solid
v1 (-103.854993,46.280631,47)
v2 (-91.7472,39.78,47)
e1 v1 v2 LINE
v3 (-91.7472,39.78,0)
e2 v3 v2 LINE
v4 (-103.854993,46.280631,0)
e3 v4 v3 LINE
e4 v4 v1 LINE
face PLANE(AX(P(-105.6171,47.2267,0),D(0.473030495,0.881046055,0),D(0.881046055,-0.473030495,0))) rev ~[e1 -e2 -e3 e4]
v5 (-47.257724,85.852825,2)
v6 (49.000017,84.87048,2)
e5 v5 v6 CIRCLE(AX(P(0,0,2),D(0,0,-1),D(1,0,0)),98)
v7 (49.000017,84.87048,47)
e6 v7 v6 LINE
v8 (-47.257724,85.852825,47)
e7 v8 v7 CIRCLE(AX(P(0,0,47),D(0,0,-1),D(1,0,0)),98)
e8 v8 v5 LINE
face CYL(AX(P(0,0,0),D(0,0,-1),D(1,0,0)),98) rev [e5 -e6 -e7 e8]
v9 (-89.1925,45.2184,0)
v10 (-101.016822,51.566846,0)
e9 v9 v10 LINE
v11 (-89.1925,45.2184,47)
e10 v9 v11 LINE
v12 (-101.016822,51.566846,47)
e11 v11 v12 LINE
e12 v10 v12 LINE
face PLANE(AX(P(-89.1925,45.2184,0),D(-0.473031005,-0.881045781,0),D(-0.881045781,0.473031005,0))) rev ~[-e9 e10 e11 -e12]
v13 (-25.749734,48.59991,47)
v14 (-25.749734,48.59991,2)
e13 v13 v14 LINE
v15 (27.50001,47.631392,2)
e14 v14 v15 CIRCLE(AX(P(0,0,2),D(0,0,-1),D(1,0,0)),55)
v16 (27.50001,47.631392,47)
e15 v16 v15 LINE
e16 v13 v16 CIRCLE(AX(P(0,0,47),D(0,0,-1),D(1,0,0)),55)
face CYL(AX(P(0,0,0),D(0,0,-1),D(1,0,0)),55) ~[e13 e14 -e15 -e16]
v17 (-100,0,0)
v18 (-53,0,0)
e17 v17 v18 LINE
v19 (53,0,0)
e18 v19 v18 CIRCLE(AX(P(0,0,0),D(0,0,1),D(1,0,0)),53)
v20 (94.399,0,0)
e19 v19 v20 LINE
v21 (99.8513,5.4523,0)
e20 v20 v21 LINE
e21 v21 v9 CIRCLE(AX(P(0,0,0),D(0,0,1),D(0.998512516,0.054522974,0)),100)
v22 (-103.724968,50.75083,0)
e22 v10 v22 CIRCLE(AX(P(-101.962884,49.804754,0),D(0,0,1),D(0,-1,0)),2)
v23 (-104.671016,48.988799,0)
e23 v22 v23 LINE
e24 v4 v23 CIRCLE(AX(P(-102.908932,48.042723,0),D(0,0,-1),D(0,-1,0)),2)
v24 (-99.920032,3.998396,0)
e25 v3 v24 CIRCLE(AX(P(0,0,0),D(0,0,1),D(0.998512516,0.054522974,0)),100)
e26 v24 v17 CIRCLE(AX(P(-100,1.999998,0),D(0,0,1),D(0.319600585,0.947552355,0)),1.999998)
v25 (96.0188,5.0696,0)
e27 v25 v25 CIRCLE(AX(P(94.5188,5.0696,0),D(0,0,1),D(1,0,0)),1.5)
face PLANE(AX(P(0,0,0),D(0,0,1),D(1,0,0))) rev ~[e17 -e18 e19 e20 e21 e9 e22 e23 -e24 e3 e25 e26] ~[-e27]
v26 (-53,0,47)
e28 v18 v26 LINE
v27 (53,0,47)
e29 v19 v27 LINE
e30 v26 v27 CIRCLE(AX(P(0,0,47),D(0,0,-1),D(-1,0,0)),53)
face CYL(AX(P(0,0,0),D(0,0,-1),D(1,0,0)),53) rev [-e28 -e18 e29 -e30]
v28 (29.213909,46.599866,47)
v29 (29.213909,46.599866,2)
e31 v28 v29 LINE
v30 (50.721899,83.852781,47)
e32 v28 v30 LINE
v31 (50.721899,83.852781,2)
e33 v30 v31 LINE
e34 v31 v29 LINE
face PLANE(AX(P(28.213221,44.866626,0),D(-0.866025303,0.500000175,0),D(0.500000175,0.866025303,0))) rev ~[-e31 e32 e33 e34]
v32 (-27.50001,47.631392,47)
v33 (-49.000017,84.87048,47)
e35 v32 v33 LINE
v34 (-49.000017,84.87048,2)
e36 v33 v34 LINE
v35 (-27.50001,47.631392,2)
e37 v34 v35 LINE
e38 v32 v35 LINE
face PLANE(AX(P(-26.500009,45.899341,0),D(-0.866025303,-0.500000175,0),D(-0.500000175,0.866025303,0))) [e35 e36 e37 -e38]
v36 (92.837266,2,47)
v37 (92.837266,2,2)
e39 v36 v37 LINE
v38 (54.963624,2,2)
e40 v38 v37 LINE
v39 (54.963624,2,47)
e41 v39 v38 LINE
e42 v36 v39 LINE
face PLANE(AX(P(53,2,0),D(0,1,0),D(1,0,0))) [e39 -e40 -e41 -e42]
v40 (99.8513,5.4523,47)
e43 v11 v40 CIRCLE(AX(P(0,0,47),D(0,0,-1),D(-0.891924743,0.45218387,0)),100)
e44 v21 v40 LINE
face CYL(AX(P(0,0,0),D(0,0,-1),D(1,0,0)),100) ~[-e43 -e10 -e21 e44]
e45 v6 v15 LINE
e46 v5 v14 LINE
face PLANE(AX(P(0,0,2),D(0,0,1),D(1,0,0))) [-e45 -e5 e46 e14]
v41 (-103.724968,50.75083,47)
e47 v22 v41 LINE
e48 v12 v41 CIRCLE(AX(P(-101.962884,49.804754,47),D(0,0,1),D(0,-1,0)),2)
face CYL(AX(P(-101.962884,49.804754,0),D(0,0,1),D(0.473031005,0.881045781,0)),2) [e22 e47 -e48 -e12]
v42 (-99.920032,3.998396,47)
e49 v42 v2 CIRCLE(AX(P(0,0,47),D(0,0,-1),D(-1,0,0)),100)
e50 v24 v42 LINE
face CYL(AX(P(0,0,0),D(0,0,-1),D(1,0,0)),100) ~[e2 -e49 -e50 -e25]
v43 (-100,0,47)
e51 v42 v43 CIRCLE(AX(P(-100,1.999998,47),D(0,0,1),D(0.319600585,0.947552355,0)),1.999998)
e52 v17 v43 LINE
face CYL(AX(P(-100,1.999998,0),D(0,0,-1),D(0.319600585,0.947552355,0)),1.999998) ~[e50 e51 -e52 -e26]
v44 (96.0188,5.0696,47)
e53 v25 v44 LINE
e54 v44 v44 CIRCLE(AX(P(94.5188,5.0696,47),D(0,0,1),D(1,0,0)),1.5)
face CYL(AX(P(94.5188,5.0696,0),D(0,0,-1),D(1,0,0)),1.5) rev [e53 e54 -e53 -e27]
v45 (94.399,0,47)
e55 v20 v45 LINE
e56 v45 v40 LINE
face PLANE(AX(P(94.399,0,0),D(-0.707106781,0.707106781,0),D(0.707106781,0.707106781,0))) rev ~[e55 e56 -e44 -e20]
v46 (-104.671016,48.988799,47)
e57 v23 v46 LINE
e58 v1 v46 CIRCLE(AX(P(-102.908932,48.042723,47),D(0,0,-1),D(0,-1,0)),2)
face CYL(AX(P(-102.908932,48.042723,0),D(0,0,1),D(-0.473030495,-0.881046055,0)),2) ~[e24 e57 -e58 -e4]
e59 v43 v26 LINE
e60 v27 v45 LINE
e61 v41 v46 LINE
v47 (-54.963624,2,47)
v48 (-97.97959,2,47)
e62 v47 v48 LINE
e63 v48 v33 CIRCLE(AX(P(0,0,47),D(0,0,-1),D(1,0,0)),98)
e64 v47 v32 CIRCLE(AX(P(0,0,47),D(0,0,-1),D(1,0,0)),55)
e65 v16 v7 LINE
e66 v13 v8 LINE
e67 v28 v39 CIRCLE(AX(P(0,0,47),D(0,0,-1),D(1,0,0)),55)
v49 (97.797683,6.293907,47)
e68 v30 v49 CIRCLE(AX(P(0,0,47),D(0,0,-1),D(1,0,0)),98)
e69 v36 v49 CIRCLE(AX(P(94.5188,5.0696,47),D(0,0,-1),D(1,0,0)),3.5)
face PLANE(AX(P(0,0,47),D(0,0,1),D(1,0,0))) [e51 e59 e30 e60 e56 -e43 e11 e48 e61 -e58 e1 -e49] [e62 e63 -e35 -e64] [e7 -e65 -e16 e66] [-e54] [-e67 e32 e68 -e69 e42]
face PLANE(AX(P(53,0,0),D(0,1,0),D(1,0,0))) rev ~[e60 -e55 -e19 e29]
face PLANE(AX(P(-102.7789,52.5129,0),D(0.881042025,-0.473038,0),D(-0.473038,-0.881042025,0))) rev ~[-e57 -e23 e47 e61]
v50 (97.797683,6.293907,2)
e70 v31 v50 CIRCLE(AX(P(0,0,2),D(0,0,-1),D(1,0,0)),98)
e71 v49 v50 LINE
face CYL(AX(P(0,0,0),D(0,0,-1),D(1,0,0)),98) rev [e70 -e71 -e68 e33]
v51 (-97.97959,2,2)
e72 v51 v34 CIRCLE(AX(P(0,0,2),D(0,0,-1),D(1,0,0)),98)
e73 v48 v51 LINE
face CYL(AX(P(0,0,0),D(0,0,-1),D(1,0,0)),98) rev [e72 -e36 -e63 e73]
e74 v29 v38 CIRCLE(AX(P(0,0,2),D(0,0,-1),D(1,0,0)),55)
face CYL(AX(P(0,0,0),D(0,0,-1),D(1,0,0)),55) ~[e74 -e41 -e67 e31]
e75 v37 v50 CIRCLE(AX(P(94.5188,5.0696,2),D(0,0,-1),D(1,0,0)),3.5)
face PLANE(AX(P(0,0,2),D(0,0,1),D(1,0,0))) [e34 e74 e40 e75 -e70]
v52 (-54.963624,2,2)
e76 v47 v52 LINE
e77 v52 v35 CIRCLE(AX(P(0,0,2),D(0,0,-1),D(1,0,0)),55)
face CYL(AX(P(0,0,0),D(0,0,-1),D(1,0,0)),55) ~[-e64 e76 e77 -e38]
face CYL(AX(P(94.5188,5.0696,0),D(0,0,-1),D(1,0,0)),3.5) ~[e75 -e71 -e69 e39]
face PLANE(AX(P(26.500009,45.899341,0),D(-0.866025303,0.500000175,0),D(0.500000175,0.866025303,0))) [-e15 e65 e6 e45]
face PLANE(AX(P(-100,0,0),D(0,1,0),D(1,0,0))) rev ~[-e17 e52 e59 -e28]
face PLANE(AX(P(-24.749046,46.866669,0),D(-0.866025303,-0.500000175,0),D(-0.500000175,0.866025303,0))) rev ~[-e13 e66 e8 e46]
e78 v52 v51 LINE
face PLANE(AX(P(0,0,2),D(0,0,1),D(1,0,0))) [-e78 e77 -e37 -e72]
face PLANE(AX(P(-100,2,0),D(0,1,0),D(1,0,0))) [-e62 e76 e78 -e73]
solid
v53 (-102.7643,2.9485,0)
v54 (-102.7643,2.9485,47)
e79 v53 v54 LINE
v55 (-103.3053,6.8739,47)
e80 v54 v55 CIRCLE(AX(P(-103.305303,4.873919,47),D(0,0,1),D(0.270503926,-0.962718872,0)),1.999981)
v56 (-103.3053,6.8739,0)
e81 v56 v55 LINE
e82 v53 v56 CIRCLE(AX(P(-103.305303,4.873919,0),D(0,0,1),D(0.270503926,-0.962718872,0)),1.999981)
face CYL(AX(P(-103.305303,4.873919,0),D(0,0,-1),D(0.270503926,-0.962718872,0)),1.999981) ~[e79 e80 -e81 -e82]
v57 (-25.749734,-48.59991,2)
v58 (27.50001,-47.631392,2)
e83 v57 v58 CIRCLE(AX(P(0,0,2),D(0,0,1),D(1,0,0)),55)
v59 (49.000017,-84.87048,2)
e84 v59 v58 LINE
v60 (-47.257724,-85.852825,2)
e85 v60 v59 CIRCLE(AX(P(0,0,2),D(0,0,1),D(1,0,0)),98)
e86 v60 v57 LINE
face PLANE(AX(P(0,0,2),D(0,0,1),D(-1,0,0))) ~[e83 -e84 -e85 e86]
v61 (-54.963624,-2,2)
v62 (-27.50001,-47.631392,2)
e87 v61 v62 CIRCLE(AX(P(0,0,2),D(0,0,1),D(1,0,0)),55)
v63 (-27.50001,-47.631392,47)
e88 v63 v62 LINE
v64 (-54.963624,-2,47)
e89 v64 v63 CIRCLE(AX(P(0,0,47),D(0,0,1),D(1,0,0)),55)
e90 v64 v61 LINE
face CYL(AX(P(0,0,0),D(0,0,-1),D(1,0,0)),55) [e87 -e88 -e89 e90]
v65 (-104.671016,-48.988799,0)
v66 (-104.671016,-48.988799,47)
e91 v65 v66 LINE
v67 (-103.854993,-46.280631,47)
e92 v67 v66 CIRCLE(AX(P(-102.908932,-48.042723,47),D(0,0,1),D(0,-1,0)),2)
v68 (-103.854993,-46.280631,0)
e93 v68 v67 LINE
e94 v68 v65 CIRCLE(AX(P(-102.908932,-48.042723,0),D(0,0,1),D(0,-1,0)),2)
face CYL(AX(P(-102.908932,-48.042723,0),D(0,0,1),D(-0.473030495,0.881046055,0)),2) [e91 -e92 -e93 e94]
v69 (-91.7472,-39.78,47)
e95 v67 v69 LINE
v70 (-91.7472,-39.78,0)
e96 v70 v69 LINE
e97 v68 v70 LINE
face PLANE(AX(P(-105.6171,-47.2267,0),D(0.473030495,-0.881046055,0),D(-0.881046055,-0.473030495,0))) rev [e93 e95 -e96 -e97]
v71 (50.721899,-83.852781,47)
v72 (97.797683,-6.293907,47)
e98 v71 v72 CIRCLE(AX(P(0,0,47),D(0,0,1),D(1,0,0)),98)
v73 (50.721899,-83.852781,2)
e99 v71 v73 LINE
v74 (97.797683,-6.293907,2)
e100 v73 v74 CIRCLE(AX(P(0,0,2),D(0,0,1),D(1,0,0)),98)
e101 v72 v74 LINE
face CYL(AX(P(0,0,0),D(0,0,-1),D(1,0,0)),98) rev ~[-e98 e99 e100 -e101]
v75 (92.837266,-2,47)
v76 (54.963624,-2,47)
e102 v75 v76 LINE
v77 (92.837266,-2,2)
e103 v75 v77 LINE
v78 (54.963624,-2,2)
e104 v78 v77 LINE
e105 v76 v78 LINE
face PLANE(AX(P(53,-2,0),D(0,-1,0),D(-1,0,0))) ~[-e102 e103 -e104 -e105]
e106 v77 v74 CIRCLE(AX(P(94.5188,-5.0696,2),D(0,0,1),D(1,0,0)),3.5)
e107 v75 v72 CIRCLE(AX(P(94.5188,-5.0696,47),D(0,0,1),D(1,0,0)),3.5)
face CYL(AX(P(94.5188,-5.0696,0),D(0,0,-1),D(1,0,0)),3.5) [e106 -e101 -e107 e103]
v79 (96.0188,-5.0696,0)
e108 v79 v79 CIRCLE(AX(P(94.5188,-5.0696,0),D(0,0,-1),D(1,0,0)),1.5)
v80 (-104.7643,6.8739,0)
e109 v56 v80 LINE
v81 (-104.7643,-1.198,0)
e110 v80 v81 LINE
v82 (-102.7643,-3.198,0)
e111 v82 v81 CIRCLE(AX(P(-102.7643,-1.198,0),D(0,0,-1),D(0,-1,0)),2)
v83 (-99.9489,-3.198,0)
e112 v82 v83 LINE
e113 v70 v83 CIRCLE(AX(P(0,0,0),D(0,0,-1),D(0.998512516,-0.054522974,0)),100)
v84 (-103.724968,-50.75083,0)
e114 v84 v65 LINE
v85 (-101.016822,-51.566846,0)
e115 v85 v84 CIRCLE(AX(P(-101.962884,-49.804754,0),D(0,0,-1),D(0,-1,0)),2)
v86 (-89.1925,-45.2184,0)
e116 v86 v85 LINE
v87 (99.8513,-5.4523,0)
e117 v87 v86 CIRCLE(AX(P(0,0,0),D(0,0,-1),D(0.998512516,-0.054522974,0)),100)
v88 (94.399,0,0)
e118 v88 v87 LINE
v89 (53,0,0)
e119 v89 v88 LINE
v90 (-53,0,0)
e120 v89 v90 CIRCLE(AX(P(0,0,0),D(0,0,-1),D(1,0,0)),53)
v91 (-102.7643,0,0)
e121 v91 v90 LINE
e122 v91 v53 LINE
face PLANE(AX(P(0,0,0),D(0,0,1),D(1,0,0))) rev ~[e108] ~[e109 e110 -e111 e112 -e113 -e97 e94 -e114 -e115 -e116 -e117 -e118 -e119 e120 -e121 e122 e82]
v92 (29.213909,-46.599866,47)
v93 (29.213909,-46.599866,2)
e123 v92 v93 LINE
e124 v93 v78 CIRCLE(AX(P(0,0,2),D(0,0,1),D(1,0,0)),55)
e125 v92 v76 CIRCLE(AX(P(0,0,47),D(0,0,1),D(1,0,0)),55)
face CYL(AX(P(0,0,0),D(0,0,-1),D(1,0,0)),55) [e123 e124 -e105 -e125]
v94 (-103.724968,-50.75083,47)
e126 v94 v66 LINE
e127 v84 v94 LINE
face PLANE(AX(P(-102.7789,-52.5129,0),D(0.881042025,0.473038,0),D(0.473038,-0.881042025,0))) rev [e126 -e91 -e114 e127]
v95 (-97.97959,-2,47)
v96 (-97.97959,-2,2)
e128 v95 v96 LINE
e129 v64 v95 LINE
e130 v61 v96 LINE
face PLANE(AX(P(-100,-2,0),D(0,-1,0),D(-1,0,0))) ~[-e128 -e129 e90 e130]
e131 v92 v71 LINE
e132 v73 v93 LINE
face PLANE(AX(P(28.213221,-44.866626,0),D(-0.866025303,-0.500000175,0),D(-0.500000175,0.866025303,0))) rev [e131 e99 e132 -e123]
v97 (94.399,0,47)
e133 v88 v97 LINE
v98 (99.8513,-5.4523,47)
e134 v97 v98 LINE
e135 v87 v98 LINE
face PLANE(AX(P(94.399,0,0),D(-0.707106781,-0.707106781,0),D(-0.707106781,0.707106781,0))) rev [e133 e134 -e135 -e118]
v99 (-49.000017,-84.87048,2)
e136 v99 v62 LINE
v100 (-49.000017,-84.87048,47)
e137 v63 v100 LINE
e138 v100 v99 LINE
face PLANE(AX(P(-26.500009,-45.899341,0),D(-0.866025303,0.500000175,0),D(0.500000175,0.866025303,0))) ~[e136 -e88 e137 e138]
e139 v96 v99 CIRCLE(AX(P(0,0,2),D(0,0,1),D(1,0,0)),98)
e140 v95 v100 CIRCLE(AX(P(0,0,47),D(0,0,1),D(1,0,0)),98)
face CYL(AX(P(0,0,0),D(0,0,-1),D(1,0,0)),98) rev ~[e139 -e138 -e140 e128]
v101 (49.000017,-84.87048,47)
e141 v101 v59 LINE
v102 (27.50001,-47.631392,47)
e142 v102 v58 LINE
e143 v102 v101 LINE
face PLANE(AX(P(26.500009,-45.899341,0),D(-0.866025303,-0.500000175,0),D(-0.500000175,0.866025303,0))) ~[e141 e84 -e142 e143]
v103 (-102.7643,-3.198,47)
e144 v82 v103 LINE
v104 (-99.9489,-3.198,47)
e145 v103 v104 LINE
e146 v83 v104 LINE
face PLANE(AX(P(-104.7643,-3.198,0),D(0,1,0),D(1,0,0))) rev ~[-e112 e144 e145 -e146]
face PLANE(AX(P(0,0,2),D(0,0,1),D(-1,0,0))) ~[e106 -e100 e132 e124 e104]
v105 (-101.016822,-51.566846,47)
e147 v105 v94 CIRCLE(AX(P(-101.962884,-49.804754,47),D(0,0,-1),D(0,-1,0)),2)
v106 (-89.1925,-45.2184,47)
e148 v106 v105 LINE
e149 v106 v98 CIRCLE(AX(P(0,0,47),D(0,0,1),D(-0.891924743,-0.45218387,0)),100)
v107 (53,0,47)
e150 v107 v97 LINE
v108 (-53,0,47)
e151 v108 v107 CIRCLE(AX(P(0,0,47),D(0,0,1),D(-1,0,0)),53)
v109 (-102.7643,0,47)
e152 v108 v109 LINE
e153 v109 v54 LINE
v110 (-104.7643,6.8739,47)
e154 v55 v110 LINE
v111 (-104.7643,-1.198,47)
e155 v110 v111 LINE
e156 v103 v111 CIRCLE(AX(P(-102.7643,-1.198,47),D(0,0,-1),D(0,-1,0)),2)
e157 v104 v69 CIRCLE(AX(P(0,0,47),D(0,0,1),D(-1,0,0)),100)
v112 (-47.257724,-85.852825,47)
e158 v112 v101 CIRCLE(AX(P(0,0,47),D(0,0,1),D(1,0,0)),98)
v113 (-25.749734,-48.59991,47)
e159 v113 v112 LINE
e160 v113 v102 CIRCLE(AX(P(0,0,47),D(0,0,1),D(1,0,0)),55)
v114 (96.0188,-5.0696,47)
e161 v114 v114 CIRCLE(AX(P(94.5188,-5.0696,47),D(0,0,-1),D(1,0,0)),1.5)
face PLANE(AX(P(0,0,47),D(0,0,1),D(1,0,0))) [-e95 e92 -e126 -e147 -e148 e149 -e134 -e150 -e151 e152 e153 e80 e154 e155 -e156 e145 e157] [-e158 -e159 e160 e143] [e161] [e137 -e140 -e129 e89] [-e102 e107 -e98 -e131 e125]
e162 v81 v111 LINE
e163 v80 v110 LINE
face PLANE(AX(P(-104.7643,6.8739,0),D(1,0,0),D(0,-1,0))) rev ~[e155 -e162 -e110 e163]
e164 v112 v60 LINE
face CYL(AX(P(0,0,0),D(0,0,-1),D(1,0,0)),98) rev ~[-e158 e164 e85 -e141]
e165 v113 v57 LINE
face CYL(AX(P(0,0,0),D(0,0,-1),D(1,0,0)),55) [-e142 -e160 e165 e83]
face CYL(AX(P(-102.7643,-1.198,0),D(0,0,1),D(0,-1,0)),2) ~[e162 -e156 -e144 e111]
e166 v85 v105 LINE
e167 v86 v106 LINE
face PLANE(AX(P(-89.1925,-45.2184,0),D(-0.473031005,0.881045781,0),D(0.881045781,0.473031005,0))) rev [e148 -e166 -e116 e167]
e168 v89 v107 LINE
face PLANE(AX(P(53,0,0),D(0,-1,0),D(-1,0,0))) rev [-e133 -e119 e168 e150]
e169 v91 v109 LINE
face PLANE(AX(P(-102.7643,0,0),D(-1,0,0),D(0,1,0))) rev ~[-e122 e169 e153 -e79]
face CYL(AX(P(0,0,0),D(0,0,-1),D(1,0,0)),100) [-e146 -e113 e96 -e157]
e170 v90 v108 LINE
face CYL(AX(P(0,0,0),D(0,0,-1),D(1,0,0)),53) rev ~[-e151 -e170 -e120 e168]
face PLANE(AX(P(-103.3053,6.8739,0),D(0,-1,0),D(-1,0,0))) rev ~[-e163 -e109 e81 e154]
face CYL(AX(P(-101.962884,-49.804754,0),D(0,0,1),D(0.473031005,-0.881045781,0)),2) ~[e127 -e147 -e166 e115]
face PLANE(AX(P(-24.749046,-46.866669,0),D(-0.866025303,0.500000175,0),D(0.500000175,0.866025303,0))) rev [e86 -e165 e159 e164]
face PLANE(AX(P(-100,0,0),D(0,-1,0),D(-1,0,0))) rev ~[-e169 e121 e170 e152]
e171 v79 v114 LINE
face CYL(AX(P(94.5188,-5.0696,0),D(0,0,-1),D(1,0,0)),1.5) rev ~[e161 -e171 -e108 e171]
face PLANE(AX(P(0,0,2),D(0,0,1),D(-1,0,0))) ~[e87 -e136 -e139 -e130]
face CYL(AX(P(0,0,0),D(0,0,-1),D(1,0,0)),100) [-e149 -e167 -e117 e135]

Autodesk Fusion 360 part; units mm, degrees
sketch "Sketch1" plane through (0, 0, 0) normal (0, 0, 1) x (1, 0, 0)
  arc A0 (100, 0) -> (-100, 0) centre (0, 0) ccw
  line L0 (0, 0) -> (100, 0) construction
  line L1 (0, 0) -> (-100, 0) construction
  arc A1 (53, 0) -> (-53, 0) centre (0, 0) ccw
  line L2 (0, 0) -> (53, 0) construction
  line L3 (0, 0) -> (-53, 0) construction
  line L4 (-100, 0) -> (-53, 0)
  line L5 (53, 0) -> (100, 0)
  line L6 (94.399, 0) -> (99.8513, 5.4523)
  line L7 (94.399, 0) -> (102.1097, 0) construction
  line L8 (-89.1925, 45.2184) -> (-102.7789, 52.5129)
  line L9 (-102.7789, 52.5129) -> (-105.6171, 47.2267)
  line L10 (-105.6171, 47.2267) -> (-91.7472, 39.78)
  circle A2 centre (94.5188, 5.0696) radius 1.5
  circle A3 centre (94.5188, 5.0696) radius 2.5
  line L11 (0, 0) -> (-50, 86.6025)
  line L12 (0, 0) -> (50, 86.6025)
  line L13 (1.7321, 1) -> (-48.2679, 87.6025)
  line L14 (1.7321, -1) -> (51.7321, 85.6025)
  dimension "d1" = 100
  dimension "d5" = 47
  dimension "d6" = 45
  dimension "d7" = 6
  dimension "d11" = 3
  dimension "d12" = 2
  dimension "d13" = 5
  dimension "d25" = 60
  dimension "d26" = 60
  dimension "d27" = 2
  dimension "d28" = 2
extrude "Extrude1" add sketch "Sketch1" along normal blind 47 contours A0 A1 L5 L6 L14 | A0 A1 L12 L14 | A0 A1 L12 L13 | A0 A1 L11 L13 | A0 A1 L4 L11 | A3 makes body 1
shell "Shell1" thickness 2 removed faces 1 at (80.8693, 23.265, 47) on bodies 1
extrude "Extrude2" add sketch "Sketch1" along normal up to surface (47 mm away) contours A0 L8 L9 L10 bodies 1
extrude "Extrude5" add sketch "Sketch1" along normal up to surface (47 mm away) contours A0 A1 L12 L14 | A0 A1 L11 L13 bodies 1
mirror "Mirror1" about plane through (0, 0, 0) normal (0, 1, 0) of bodies 1 makes body 2
sketch "Sketch2" plane through (0, 0, 0) normal (0, 0, 1) x (1, 0, 0)
  arc A0 (100, 0) -> (-100, 0) centre (0, 0) ccw
  arc A1 (-100, 0) -> (-91.7472, -39.78) centre (0, 0) ccw
  arc A2 (-99.3608, 3.8951) -> (-100, 0) centre (-100, 2) ccw
  line L0 (-100, 0) -> (-102.7643, 0)
  line L1 (-102.7643, 0) -> (-102.7643, 2.9485)
  arc A3 (-99.8526, 5.4275) -> (-99.8385, 5.6804) centre (-101.6525, 5.6545) ccw
  arc A4 (-102.7643, 2.9485) -> (-103.3053, 6.8739) centre (-103.3053, 4.8739) ccw
  line L2 (-103.3053, 6.8739) -> (-104.7643, 6.8739)
  line L3 (-104.7643, 6.8739) -> (-104.7643, -3.198)
  line L4 (-104.7643, -3.198) -> (-99.9489, -3.198)
  line L5 (-100, 0) -> (-53, 0)
  dimension "d17" = 2
  dimension "d18" = 2
  dimension "d19" = 2
extrude "Extrude3" add sketch "Sketch2" along normal up to surface (47 mm away) separate body contours A1 L0 L1 A4 L2 L3 L4 makes body 3
extrude "Extrude4" add sketch "Sketch2" along normal up to surface (47 mm away) separate body contours A0 A2 makes body 4
combine "Combine1" operation add target body 4 tool bodies 1
combine "Combine2" operation add target body 2 tool bodies 3
fillet "Fillet1" radius 2 5 edges at (-102.7789, -52.5129, 23.5) (-105.6171, -47.2267, 23.5) (-104.7643, -3.198, 23.5) (-105.6171, 47.2267, 23.5) (-102.7789, 52.5129, 23.5) on bodies 2 4
